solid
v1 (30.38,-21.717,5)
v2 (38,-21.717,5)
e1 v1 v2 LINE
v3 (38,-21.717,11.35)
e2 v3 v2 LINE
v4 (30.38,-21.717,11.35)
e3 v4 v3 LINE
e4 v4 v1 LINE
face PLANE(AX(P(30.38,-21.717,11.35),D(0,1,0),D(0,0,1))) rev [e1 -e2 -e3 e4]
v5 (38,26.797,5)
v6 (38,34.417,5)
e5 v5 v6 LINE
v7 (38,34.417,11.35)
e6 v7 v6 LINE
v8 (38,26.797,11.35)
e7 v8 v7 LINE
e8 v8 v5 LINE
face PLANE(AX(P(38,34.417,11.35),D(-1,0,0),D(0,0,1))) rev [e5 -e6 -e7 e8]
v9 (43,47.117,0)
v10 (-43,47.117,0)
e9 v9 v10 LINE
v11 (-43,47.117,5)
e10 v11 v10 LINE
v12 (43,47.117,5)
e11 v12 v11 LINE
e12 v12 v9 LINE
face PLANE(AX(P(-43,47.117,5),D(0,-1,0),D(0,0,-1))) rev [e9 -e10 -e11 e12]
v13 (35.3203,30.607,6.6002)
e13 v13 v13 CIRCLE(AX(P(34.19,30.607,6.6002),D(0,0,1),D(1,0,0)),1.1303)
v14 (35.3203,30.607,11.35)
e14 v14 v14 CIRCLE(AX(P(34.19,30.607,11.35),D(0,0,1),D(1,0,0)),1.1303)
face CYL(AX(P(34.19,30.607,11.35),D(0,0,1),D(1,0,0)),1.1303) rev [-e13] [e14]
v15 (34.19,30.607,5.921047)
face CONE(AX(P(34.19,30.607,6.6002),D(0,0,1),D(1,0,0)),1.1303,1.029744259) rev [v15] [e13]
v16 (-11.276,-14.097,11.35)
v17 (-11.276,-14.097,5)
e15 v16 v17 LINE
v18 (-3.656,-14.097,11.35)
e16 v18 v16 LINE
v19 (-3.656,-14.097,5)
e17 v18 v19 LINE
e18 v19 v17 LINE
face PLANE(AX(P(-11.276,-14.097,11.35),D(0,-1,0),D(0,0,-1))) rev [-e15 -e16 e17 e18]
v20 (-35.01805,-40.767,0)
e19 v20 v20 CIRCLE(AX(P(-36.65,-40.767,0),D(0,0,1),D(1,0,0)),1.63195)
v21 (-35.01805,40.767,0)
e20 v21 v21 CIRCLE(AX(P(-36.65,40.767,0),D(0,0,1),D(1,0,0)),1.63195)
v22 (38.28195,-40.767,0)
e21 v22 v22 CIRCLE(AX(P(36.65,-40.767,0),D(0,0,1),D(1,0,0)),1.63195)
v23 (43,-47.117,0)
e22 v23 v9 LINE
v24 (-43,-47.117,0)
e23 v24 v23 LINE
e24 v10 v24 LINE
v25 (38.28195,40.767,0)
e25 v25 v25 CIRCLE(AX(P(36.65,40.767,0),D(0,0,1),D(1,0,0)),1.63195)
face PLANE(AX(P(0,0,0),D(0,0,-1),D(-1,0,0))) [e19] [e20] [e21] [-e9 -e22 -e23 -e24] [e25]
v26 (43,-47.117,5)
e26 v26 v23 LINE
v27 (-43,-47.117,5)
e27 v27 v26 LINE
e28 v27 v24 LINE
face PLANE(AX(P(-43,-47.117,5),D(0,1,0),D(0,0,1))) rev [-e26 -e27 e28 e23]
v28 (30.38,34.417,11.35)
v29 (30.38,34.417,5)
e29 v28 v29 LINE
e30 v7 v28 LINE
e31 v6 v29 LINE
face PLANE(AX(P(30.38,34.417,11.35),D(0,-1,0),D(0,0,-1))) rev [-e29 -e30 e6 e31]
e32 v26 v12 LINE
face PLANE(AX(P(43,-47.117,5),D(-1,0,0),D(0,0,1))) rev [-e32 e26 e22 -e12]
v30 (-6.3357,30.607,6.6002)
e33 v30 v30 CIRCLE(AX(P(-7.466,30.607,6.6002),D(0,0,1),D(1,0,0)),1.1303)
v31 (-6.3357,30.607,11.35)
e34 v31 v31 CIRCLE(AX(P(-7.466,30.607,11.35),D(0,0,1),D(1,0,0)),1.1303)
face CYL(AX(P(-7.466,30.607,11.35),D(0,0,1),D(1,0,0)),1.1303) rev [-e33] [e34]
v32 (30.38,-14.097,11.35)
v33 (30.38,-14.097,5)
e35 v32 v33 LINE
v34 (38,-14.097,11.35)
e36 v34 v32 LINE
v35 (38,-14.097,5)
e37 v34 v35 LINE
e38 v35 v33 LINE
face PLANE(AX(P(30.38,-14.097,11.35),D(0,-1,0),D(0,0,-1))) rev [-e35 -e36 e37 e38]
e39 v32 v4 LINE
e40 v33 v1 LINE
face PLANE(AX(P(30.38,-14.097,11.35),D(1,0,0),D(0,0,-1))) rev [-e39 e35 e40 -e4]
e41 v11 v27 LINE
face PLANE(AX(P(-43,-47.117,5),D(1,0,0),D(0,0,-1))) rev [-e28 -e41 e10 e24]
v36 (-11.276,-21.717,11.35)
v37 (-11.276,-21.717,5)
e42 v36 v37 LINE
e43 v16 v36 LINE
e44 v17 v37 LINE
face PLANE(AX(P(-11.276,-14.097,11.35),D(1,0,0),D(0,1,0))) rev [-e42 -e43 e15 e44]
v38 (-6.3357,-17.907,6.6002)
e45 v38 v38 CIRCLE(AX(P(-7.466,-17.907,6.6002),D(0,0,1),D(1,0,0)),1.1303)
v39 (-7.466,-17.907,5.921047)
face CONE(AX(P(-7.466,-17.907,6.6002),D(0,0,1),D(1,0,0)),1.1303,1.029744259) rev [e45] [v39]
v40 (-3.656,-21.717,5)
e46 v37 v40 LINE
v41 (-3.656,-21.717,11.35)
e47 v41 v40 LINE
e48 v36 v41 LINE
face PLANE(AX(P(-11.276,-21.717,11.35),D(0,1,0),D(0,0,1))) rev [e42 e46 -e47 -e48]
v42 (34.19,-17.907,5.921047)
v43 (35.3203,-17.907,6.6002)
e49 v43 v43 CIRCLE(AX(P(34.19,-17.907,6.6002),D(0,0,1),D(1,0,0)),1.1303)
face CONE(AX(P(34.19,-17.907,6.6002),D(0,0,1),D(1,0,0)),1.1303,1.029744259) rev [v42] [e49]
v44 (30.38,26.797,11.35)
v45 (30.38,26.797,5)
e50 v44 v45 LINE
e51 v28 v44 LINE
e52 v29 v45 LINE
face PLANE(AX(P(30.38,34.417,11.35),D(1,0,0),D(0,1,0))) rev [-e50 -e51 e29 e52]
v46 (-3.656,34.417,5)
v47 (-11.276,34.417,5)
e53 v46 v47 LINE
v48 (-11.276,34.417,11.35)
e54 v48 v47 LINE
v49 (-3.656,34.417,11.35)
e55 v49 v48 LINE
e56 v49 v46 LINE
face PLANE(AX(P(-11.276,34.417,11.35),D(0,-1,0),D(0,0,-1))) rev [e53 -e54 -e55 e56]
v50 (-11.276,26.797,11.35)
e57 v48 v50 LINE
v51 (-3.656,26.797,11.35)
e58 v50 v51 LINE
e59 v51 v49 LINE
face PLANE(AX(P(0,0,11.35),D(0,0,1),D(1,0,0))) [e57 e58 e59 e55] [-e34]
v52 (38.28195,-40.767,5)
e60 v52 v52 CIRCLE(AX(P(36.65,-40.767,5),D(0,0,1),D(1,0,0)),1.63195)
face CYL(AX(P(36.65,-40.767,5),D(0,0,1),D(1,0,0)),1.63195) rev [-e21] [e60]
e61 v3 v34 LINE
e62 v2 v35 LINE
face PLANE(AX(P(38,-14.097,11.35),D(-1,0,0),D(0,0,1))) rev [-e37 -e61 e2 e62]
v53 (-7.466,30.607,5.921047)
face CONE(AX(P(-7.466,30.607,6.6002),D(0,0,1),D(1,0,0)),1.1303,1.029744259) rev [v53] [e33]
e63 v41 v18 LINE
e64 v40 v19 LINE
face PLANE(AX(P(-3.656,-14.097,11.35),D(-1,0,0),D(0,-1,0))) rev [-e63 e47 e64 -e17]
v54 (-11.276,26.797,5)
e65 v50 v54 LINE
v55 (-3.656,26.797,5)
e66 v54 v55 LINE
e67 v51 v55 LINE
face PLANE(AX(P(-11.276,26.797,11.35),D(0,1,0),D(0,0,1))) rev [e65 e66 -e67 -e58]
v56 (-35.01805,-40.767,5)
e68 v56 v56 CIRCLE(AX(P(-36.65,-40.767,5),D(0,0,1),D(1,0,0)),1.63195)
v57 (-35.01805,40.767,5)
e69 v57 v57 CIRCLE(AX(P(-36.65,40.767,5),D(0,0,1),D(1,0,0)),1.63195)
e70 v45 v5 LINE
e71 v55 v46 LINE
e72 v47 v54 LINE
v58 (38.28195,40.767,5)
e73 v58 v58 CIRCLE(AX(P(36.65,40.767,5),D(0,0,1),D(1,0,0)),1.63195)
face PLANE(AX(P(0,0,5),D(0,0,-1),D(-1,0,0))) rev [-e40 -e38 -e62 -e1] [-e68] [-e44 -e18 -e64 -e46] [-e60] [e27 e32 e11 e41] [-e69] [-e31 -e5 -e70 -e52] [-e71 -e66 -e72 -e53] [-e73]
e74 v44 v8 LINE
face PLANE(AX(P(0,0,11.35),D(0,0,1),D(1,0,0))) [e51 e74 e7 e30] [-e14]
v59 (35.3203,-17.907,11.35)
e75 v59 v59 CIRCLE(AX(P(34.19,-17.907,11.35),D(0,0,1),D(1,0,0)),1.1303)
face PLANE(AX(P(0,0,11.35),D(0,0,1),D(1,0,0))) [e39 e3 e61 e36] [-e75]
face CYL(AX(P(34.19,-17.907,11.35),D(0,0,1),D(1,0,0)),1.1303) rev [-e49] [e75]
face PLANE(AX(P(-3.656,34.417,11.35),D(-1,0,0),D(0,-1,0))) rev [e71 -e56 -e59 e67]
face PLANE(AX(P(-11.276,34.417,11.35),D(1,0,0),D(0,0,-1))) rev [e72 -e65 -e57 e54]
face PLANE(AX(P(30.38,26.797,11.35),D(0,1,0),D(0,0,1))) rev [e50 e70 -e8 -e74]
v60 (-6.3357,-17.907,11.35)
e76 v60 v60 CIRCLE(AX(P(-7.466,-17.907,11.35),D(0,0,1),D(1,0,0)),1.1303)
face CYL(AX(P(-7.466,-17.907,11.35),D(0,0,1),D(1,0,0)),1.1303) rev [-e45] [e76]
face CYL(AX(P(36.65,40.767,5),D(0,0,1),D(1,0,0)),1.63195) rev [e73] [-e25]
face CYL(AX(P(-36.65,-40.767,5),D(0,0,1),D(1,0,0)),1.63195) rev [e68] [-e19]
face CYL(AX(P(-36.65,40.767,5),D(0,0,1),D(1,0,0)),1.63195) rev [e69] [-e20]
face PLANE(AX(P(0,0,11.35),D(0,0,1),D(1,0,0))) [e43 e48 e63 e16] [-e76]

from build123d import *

# Parameters (mm, degrees)
SKETCH1_W                 = 85.999999704
SKETCH1_H                 = 94.234
BOSS_EXTRUDE1_DEPTH       = 4.999999906
SKETCH2_W                 = 7.62
SKETCH2_H                 = 7.62
BOSS_EXTRUDE2_DEPTH       = 6.35
F_4_40_TAPPED_HOLE1_D     = 2.2606
F_4_40_TAPPED_HOLE1_DEPTH = 4.7498
F_4_40_TAPPED_HOLE1_TIP   = 0.679152758
F_4_CLEARANCE_HOLE1_D     = 3.2639


with BuildPart() as part:
    # Sketch1 → Boss-Extrude1 (new body)
    with BuildSketch(Plane.XY):
        Rectangle(SKETCH1_W, SKETCH1_H)
    extrude(amount=BOSS_EXTRUDE1_DEPTH)

    # Sketch2 → Boss-Extrude2 (add)
    with BuildSketch(Plane.XY.offset(4.999999906)):
        with Locations((-7.466000054, 30.607)):
            Rectangle(SKETCH2_W, SKETCH2_H)
        with Locations((34.189999946, 30.607)):
            Rectangle(SKETCH2_W, SKETCH2_H)
        with Locations((-7.466000054, -17.907)):
            Rectangle(SKETCH2_W, SKETCH2_H)
        with Locations((34.189999946, -17.907)):
            Rectangle(SKETCH2_W, SKETCH2_H)
    extrude(amount=BOSS_EXTRUDE2_DEPTH)

    # #4-40 Tapped Hole1
    with Locations(Plane.XY.offset(11.349999906)):
        with Locations((-7.466000054, 30.607), (34.189999946, 30.607), (-7.466000054, -17.907), (34.189999946, -17.907)):
            Hole(F_4_40_TAPPED_HOLE1_D / 2, depth=F_4_40_TAPPED_HOLE1_DEPTH)
            with Locations((0, 0, -(F_4_40_TAPPED_HOLE1_DEPTH + F_4_40_TAPPED_HOLE1_TIP / 2))):  # 118° drill point
                Cone(0, F_4_40_TAPPED_HOLE1_D / 2, F_4_40_TAPPED_HOLE1_TIP, mode=Mode.SUBTRACT)

    # #4 Clearance Hole1 (through all)
    with Locations(Plane.XY.offset(4.999999906)):
        with Locations((-36.649999852, 40.767), (36.649999852, 40.767), (-36.649999852, -40.767), (36.649999852, -40.767)):
            Hole(F_4_CLEARANCE_HOLE1_D / 2)


solid = part.part
